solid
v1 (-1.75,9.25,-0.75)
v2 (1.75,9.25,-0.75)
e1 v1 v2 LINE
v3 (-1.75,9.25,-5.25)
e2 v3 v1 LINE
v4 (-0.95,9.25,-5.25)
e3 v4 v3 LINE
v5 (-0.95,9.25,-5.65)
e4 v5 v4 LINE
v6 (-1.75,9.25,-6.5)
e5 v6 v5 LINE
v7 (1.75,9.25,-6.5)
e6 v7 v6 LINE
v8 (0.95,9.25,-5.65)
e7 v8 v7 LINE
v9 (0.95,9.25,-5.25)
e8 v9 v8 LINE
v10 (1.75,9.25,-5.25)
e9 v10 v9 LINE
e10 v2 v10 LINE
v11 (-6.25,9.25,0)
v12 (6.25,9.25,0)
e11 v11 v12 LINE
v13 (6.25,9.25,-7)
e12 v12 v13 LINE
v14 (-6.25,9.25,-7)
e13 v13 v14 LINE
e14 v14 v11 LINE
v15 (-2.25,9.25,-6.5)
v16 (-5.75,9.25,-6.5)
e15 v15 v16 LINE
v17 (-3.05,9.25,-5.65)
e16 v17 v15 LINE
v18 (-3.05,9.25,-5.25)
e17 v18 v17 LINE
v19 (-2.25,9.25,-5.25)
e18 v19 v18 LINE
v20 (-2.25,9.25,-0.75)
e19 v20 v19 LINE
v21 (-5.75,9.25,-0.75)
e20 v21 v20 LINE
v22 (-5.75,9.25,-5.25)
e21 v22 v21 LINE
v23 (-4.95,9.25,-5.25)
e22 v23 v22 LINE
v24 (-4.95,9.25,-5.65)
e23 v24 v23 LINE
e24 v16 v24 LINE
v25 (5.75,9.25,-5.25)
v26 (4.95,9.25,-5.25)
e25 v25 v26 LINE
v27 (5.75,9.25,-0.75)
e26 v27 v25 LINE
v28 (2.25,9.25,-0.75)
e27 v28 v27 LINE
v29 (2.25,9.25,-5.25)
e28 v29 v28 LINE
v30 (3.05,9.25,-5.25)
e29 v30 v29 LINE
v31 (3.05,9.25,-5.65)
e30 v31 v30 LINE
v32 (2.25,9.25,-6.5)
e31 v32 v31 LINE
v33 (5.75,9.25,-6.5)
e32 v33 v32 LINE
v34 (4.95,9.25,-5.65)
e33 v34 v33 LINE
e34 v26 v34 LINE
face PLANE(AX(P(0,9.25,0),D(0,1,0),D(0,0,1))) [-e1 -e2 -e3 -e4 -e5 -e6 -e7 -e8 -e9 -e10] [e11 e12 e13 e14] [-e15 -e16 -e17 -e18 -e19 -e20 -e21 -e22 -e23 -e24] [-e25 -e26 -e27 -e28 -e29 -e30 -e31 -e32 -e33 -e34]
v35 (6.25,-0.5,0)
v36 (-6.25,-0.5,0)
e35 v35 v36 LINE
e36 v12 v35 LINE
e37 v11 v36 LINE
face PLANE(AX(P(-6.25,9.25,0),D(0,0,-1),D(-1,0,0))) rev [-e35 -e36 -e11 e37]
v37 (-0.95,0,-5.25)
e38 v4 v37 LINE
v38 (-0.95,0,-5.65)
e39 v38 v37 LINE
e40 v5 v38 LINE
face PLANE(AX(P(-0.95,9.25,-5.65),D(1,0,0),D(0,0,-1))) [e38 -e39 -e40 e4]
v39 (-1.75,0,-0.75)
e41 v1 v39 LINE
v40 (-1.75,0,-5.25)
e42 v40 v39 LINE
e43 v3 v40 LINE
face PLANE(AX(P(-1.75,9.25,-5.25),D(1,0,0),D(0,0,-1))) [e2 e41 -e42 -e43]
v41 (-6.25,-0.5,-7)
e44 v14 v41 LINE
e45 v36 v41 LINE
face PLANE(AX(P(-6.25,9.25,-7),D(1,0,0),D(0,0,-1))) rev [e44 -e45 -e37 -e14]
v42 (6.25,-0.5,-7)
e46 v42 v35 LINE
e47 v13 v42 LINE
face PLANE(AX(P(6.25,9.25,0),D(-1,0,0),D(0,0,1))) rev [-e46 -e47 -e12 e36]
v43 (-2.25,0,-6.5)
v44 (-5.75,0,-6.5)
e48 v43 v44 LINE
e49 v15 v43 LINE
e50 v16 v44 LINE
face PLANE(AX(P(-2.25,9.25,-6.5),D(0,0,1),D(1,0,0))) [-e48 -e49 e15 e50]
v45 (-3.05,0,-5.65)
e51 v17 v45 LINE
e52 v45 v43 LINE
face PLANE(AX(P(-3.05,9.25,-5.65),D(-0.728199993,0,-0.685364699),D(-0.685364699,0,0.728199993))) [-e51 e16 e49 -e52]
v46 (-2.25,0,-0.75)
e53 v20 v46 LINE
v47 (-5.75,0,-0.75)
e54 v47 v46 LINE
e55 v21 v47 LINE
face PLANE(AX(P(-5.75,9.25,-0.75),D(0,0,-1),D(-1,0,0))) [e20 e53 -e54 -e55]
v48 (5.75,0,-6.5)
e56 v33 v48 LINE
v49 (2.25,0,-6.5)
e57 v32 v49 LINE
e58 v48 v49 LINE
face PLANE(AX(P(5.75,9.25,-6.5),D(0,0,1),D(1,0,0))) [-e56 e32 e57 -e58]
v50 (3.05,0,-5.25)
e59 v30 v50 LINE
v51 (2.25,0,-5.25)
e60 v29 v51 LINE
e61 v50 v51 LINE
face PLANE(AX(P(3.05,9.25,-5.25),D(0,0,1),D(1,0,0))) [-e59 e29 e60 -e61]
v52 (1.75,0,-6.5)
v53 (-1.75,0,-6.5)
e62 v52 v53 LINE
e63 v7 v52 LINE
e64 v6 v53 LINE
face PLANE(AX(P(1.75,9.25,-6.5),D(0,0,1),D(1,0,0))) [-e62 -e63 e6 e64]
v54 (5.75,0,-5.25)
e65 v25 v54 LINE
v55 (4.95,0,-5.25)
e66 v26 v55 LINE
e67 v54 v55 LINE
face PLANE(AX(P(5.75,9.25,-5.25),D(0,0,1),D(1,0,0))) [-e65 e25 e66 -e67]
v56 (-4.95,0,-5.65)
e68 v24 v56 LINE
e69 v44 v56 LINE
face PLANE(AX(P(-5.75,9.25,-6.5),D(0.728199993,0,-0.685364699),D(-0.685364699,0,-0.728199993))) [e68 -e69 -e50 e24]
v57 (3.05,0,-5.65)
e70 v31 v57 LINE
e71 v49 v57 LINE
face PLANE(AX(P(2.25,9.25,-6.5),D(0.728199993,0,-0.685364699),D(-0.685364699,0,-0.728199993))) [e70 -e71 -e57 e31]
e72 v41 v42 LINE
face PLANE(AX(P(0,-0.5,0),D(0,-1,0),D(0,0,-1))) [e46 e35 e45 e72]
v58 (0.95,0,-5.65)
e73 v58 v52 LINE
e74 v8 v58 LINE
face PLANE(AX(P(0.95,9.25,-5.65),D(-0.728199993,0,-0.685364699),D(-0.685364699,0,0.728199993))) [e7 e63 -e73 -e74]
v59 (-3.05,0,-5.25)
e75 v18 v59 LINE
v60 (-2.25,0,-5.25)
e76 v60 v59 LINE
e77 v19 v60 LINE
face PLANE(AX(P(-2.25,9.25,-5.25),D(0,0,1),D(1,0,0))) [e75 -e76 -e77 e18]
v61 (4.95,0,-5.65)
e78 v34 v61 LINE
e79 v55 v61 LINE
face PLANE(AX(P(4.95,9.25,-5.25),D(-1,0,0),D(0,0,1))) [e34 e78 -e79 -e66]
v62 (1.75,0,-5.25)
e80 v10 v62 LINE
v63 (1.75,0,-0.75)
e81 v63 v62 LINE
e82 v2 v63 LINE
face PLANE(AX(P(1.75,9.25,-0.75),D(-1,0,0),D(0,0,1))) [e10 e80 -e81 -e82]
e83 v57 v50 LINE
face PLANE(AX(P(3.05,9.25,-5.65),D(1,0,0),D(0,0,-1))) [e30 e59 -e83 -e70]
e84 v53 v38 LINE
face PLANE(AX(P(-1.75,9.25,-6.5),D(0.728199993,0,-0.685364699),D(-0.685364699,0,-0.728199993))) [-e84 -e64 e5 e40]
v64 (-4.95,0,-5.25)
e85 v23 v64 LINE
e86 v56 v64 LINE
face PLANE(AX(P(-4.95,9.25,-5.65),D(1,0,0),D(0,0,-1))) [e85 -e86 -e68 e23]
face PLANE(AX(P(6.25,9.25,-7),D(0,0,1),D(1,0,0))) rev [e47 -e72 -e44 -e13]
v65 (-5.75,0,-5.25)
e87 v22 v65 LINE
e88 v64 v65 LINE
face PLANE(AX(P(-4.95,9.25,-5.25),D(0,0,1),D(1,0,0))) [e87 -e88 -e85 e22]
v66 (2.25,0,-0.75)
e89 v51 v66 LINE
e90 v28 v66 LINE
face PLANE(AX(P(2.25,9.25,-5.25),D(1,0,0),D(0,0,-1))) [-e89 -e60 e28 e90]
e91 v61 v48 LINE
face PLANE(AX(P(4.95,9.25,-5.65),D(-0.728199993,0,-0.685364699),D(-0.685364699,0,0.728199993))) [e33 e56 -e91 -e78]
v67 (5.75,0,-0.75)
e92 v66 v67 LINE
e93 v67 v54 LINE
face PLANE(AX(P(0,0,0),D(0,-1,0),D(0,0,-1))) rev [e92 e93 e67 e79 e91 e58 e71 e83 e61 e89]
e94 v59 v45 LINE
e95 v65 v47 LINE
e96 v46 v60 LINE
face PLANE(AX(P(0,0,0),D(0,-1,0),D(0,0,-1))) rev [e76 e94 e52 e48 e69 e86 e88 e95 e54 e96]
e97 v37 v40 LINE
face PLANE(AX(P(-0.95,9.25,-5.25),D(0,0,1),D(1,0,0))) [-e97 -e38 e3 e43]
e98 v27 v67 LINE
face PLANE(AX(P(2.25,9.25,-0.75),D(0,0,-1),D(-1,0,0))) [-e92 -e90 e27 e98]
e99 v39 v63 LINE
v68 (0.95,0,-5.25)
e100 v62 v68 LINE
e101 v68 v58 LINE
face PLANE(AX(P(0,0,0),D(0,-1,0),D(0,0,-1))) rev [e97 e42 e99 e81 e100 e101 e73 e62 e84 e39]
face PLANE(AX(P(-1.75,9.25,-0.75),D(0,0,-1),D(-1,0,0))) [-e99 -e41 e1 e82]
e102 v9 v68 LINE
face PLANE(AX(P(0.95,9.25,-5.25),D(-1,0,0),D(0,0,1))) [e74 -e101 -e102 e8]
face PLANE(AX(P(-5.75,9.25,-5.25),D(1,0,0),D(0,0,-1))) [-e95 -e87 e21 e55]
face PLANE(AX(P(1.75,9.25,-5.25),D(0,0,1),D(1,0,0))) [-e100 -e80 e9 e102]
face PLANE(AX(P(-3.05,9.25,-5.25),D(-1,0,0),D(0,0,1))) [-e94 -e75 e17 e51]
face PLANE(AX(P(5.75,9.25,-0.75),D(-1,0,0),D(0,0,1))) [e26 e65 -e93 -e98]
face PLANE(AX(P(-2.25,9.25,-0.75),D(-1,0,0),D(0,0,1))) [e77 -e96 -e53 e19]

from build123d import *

# Parameters (mm, degrees)
SKETCH1_W           = 12.5
SKETCH1_H           = 7
BOSS_EXTRUDE1_DEPTH = 9.25
SKETCH2_W           = 12.5
SKETCH2_H           = 7
BOSS_EXTRUDE2_DEPTH = 0.5


with BuildPart() as part:
    # Sketch1 → Boss-Extrude1 (new body)
    with BuildSketch(Plane(origin=(0, 0, 0), x_dir=(1, 0, 0), z_dir=(0, 1, 0))):
        with Locations((0, 3.5)):
            Rectangle(SKETCH1_W, SKETCH1_H)
        Polygon((-5.75, 5.25), (-5.75, 0.75), (-2.25, 0.75), (-2.25, 5.25), (-3.05, 5.25), (-3.05, 5.65), (-2.25, 6.5), (-5.75, 6.5), (-4.95, 5.65), (-4.95, 5.25), align=None, mode=Mode.SUBTRACT)
        Polygon((-1.75, 5.25), (-1.75, 0.75), (1.75, 0.75), (1.75, 5.25), (0.95, 5.25), (0.95, 5.65), (1.75, 6.5), (-1.75, 6.5), (-0.95, 5.65), (-0.95, 5.25), align=None, mode=Mode.SUBTRACT)
        Polygon((2.25, 5.25), (2.25, 0.75), (5.75, 0.75), (5.75, 5.25), (4.95, 5.25), (4.95, 5.65), (5.75, 6.5), (2.25, 6.5), (3.05, 5.65), (3.05, 5.25), align=None, mode=Mode.SUBTRACT)
    extrude(amount=BOSS_EXTRUDE1_DEPTH)

    # Sketch2 → Boss-Extrude2 (add)
    with BuildSketch(Plane.XZ):
        with Locations((0, -3.5)):
            Rectangle(SKETCH2_W, SKETCH2_H)
    extrude(amount=BOSS_EXTRUDE2_DEPTH)


solid = part.part
